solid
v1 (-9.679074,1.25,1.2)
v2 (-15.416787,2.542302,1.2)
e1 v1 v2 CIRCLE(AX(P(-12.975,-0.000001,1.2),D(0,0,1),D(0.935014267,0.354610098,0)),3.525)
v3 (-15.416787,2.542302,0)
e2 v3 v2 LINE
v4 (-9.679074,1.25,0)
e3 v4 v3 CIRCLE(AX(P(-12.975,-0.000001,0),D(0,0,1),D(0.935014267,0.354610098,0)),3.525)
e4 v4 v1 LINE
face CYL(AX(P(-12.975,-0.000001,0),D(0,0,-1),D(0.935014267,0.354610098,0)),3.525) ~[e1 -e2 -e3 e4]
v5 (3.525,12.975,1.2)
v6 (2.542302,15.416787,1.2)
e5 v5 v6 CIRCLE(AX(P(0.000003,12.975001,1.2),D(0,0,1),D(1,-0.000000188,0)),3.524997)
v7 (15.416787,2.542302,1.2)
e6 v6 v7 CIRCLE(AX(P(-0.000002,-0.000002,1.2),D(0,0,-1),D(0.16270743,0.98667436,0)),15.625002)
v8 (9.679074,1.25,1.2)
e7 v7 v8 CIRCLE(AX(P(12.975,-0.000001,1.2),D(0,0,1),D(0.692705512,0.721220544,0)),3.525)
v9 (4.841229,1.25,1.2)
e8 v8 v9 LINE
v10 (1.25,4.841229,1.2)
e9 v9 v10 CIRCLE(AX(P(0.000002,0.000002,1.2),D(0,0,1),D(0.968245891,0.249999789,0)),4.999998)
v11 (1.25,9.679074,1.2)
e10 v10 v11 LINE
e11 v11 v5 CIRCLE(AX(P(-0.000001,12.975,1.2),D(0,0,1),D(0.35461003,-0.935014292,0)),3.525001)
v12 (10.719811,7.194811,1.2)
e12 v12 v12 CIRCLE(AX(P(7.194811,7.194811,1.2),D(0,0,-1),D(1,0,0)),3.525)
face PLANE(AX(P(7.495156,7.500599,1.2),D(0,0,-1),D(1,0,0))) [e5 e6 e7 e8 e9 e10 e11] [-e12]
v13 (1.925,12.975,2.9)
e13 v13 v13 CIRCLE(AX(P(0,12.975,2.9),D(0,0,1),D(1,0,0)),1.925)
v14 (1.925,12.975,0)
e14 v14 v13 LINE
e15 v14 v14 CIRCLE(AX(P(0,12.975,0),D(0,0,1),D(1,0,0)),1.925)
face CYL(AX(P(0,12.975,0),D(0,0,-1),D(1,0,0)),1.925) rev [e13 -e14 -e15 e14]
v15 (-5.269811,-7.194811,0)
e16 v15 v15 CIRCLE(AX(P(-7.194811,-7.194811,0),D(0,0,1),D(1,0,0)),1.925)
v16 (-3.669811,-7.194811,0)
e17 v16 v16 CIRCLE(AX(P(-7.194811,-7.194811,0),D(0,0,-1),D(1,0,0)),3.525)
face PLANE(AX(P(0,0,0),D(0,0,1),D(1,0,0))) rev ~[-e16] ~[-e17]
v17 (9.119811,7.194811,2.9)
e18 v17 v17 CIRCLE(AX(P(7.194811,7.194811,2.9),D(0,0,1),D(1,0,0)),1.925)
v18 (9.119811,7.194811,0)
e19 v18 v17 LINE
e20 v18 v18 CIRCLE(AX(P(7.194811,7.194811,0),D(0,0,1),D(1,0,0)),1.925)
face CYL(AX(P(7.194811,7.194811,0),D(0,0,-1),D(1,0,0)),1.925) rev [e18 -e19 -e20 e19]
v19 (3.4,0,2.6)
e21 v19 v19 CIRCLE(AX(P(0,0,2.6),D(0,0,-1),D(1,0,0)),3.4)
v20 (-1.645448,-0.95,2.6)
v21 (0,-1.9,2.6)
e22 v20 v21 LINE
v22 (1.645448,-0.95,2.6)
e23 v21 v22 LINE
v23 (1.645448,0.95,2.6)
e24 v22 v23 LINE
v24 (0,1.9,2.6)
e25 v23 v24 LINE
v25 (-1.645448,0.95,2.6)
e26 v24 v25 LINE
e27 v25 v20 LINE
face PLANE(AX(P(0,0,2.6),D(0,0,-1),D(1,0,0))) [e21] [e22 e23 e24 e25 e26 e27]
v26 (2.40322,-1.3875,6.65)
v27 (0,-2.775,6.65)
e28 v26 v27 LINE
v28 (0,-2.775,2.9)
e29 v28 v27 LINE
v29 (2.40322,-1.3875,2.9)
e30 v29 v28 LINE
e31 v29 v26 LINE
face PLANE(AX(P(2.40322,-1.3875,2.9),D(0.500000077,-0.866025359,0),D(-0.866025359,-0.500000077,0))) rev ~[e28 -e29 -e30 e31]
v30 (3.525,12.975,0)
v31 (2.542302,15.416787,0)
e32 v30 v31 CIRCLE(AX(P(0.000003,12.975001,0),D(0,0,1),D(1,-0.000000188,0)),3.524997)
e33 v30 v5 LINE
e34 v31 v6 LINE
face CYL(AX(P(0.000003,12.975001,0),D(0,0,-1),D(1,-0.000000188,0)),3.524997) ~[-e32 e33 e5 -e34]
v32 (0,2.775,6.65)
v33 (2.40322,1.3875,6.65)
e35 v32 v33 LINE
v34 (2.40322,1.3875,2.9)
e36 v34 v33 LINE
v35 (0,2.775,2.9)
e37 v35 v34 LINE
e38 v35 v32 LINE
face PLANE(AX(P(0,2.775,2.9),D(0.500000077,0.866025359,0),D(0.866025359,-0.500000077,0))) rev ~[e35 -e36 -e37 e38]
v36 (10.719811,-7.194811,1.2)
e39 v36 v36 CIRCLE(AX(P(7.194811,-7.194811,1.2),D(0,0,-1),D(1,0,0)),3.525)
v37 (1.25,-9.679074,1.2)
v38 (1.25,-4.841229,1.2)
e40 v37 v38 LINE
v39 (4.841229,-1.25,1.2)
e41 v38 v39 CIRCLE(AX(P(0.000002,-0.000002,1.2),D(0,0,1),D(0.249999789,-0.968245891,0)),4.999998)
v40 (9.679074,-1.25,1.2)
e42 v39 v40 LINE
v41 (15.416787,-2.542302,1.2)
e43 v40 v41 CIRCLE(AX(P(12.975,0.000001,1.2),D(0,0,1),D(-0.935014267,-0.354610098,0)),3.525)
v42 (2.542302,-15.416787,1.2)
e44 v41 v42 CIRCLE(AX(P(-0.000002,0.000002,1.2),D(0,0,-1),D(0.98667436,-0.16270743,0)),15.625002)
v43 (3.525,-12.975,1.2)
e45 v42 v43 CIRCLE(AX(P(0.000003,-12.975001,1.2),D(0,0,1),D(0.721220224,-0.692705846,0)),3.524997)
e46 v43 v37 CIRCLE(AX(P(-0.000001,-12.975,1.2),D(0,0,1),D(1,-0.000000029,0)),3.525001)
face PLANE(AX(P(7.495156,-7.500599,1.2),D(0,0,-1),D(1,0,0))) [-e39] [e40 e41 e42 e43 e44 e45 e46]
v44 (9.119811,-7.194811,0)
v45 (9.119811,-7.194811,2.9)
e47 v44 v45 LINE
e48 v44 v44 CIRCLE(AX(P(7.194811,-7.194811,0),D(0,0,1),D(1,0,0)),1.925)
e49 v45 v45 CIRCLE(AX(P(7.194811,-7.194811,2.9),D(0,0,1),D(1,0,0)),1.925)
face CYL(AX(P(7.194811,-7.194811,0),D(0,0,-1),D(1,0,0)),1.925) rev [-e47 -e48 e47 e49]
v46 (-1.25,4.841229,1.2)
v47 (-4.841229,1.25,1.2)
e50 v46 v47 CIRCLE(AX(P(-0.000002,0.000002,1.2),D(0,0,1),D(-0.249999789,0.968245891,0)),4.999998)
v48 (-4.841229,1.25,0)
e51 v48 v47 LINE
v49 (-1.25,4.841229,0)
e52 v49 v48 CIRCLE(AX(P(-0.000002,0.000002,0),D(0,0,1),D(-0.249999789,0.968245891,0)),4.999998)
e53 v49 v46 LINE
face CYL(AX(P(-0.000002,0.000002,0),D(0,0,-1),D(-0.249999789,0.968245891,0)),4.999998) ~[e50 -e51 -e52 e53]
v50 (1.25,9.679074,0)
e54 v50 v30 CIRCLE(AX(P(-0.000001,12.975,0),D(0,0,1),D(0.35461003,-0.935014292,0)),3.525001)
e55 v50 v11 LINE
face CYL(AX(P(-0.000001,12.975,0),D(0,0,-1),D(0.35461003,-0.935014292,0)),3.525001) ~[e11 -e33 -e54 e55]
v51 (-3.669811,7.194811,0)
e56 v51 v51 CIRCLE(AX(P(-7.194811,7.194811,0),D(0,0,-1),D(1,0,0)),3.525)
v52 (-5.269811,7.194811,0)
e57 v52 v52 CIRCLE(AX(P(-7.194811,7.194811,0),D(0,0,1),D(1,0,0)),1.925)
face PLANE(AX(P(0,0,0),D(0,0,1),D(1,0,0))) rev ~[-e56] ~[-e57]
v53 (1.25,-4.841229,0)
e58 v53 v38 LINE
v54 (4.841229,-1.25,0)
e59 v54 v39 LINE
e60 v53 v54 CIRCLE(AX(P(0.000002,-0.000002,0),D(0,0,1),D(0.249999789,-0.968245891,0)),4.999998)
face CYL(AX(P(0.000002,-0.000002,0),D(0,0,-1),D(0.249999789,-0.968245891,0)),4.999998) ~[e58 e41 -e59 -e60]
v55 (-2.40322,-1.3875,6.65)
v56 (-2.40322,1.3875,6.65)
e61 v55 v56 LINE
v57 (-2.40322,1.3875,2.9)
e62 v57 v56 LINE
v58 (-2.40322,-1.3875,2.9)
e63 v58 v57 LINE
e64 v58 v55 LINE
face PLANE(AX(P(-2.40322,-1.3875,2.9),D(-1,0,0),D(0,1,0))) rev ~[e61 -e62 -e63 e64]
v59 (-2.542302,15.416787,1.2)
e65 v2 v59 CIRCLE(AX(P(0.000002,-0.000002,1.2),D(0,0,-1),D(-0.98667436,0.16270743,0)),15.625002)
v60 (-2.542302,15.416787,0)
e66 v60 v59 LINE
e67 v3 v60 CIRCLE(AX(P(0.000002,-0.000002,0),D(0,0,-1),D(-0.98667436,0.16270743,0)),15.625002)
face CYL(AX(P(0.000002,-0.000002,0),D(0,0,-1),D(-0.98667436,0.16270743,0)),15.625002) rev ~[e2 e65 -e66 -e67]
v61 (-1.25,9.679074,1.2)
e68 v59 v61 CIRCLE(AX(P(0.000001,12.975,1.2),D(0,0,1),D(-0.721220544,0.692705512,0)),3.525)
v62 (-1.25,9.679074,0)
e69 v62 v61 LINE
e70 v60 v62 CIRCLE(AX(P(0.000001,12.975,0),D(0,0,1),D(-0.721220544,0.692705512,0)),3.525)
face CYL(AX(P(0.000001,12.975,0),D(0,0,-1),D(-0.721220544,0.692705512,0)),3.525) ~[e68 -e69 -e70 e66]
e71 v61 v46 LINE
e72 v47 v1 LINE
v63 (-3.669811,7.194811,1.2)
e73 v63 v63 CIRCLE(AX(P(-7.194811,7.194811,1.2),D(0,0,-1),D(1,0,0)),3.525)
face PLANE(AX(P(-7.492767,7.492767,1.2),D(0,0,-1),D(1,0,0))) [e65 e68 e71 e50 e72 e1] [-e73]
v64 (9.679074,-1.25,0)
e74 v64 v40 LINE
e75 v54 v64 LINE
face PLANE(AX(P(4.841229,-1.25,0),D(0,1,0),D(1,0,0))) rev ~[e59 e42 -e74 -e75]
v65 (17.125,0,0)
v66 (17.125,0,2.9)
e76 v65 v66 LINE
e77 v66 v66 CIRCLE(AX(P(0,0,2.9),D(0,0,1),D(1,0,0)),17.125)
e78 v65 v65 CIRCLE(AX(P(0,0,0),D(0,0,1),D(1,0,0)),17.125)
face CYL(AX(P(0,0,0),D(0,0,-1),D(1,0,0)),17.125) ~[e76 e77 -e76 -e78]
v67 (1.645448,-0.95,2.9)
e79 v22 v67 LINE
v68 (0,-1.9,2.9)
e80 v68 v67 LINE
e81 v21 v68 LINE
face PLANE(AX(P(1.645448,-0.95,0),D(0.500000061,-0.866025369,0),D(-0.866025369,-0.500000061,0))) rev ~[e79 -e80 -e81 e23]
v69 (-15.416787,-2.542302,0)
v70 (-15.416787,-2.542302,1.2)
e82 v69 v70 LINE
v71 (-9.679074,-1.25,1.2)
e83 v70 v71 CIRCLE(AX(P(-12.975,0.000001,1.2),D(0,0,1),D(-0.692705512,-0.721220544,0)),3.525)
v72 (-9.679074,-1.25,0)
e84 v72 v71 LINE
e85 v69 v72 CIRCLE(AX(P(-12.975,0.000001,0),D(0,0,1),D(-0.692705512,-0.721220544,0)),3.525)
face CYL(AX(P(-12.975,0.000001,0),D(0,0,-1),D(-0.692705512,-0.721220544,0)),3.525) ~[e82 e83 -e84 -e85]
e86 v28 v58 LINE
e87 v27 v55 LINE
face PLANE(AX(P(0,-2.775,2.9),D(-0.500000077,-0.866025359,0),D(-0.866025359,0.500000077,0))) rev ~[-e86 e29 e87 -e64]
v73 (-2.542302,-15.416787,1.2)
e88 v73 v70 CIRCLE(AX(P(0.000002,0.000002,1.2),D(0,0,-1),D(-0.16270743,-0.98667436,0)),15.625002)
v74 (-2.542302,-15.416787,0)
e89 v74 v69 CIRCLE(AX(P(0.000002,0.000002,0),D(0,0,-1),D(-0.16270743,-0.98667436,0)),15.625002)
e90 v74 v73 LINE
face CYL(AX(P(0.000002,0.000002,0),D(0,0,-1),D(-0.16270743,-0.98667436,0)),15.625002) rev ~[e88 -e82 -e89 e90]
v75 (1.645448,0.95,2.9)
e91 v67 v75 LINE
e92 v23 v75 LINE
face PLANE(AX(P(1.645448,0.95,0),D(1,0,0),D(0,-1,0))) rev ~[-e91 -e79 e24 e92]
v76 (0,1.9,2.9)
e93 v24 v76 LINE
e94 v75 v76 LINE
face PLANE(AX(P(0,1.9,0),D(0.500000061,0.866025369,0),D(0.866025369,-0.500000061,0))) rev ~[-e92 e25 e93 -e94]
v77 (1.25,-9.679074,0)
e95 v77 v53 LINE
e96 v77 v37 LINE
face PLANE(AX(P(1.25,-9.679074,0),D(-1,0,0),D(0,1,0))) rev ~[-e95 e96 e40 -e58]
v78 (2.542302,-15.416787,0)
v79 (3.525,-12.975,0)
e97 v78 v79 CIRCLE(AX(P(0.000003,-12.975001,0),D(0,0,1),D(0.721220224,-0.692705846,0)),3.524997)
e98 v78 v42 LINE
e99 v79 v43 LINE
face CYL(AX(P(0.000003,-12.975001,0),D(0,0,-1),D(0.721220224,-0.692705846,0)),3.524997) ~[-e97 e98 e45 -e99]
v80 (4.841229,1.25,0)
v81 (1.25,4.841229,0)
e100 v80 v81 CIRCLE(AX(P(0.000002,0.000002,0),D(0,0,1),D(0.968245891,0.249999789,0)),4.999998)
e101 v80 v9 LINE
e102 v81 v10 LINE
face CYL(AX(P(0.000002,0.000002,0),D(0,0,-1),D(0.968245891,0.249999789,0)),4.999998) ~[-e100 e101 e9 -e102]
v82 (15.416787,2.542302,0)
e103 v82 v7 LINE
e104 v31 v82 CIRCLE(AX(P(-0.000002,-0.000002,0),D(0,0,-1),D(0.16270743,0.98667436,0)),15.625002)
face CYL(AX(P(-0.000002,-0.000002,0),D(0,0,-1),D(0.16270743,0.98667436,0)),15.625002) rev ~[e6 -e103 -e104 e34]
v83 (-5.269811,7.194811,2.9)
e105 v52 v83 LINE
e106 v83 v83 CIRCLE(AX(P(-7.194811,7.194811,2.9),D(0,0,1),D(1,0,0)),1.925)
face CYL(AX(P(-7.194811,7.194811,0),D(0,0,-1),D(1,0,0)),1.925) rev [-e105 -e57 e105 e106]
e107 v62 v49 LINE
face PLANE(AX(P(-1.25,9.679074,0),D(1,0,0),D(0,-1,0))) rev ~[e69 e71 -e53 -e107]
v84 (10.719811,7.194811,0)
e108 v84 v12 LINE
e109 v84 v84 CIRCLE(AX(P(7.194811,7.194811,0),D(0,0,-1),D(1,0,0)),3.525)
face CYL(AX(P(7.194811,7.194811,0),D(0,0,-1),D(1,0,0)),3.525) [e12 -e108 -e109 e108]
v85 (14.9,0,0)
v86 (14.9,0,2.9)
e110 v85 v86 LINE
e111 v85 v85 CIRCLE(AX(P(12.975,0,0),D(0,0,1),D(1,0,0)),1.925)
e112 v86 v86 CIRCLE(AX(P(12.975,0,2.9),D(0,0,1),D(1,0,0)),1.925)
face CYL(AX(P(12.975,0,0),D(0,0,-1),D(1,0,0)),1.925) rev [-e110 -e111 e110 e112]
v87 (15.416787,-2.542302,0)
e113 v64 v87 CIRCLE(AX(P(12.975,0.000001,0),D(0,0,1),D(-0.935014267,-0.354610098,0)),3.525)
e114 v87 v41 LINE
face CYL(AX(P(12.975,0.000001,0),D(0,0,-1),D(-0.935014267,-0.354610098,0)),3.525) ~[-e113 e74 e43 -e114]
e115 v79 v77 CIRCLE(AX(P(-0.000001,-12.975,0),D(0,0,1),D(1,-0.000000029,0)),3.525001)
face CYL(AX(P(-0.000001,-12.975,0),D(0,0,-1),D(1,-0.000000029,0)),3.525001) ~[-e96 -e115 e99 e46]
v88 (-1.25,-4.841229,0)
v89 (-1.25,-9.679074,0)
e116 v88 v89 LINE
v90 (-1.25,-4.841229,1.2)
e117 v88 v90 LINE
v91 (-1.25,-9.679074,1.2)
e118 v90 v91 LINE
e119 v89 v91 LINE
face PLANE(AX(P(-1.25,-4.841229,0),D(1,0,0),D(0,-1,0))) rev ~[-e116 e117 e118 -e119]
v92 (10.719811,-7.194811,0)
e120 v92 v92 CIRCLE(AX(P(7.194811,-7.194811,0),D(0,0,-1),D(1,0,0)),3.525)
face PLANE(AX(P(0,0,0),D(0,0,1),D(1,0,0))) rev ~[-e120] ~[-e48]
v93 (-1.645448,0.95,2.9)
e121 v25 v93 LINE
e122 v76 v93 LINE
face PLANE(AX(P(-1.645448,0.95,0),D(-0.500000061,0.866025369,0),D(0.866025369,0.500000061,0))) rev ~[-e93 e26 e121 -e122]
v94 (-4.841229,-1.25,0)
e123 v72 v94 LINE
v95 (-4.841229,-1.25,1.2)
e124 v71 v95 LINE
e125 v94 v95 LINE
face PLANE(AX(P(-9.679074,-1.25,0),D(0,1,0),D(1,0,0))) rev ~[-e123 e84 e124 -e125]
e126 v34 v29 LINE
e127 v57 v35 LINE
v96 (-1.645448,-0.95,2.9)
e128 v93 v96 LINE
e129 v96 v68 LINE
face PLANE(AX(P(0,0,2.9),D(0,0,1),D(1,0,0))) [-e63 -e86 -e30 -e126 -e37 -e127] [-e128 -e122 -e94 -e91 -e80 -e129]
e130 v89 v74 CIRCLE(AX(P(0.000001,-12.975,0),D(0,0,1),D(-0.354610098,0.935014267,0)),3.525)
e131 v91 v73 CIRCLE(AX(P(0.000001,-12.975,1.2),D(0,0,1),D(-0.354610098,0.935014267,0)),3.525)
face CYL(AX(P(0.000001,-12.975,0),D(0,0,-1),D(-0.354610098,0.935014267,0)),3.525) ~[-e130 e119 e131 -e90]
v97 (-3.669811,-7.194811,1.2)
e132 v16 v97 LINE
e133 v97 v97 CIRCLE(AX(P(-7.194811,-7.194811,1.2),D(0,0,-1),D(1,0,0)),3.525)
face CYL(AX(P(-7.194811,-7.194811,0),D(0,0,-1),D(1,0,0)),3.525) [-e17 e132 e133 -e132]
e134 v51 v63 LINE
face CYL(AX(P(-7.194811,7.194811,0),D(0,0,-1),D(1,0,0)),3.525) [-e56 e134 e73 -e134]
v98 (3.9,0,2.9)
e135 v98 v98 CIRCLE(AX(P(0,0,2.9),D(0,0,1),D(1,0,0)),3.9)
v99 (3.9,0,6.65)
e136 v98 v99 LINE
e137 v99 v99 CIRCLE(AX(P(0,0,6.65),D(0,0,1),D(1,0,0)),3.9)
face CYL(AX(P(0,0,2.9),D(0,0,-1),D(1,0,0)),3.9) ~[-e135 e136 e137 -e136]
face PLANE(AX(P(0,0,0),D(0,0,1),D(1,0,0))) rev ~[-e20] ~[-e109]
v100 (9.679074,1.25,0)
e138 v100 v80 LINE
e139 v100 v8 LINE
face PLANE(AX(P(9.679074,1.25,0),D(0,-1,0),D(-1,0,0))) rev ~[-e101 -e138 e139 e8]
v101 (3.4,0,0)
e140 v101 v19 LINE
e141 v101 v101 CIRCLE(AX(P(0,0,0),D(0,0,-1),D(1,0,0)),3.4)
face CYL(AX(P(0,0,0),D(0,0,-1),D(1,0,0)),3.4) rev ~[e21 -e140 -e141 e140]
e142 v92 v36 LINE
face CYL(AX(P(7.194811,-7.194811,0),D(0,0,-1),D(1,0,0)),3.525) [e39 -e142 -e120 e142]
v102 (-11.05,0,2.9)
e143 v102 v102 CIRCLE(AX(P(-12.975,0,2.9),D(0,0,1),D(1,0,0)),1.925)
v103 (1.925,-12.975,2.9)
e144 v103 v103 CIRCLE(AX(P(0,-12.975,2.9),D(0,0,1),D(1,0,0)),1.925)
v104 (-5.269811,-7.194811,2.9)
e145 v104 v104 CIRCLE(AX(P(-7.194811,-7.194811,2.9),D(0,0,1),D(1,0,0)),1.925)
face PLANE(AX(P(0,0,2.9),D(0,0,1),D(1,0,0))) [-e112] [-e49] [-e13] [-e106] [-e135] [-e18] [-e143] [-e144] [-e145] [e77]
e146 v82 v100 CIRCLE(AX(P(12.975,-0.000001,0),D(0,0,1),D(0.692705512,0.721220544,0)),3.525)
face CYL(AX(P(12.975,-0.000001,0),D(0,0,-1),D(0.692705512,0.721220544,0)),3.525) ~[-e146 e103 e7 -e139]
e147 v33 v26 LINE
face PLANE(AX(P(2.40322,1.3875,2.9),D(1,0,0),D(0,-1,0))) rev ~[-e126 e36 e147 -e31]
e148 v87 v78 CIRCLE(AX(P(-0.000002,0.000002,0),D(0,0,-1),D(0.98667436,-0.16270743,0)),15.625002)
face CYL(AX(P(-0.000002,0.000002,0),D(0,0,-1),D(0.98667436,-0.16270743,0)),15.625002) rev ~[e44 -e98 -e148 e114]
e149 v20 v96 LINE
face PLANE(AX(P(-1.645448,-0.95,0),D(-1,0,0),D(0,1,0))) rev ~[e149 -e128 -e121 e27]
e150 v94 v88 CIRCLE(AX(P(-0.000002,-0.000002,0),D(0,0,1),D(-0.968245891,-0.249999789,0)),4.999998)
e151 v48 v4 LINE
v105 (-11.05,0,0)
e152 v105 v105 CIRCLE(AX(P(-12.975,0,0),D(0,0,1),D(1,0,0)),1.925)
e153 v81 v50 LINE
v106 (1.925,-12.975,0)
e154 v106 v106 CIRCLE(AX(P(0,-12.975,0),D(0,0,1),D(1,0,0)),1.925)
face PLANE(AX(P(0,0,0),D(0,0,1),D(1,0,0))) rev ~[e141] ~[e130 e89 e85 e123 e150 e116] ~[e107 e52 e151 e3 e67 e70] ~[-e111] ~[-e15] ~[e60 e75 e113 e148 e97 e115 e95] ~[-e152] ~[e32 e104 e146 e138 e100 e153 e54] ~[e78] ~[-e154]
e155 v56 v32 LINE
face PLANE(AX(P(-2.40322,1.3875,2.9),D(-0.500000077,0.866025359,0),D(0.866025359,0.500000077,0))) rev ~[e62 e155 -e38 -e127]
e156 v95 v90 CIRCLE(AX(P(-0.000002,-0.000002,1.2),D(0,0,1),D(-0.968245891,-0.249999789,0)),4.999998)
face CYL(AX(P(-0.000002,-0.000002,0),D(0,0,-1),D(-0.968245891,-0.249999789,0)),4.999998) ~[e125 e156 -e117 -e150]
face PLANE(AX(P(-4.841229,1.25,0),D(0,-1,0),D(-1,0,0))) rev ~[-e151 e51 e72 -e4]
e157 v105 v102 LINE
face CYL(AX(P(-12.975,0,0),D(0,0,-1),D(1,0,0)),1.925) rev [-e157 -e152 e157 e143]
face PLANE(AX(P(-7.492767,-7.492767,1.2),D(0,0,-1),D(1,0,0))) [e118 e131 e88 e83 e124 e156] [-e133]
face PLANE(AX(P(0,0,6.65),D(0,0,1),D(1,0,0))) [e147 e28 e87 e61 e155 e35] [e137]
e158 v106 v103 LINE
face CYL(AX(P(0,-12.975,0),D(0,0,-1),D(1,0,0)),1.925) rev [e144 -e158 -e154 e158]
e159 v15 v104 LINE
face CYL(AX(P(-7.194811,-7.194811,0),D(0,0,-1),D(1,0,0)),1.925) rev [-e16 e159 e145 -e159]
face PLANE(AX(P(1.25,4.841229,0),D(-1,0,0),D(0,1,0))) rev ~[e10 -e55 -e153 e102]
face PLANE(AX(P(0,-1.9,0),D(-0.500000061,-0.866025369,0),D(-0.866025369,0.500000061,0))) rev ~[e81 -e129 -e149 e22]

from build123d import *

# Parameters (mm, degrees)
F0_R     = 17.125
F0_R_2   = 1.925
F1_DEPTH = 2.9
F2_R     = 3.9
F3_DEPTH = 3.75
F4_R     = 3.525
F5_DEPTH = 1.2
F4_R_2   = 3.4
F6_DEPTH = 2.6
F7_DEPTH = 25


with BuildPart() as f1:
    # F0 (on Top) → F1 (new body)
    with BuildSketch(Plane.XY):
        Circle(F0_R)
        with Locations((-7.194811, -7.194811)):
            Circle(F0_R_2, mode=Mode.SUBTRACT)
        with Locations((0, -12.975)):
            Circle(F0_R_2, mode=Mode.SUBTRACT)
        with Locations((7.194811, -7.194811)):
            Circle(F0_R_2, mode=Mode.SUBTRACT)
        with Locations((-12.975, 0)):
            Circle(F0_R_2, mode=Mode.SUBTRACT)
        with Locations((-7.194811, 7.194811)):
            Circle(F0_R_2, mode=Mode.SUBTRACT)
        with Locations((7.194811, 7.194811)):
            Circle(F0_R_2, mode=Mode.SUBTRACT)
        with Locations((12.975, 0)):
            Circle(F0_R_2, mode=Mode.SUBTRACT)
        with Locations((0, 12.975)):
            Circle(F0_R_2, mode=Mode.SUBTRACT)
    extrude(amount=F1_DEPTH)

    # F2 (on face) → F3 (join)
    with BuildSketch(Plane.XY.offset(2.9)):
        Circle(F2_R)
        Polygon((0, 2.775), (2.40322, 1.3875), (2.40322, -1.3875), (0, -2.775), (-2.40322, -1.3875), (-2.40322, 1.3875), align=None, mode=Mode.SUBTRACT)
    extrude(amount=F3_DEPTH)

    # F4 (on face) → F5 (cut)
    with BuildSketch(Plane(origin=(0, 0, 0), x_dir=(1, 0, 0), z_dir=(0, 0, -1))):
        with BuildLine():
            ThreePointArc((2.542302, -15.416787), (11.048543, -11.048543), (15.416787, -2.542302))
            ThreePointArc((15.416787, -2.542302), (12.200468, -3.438855), (9.679074, -1.25))
            Line((9.679074, -1.25), (4.841229, -1.25))
            ThreePointArc((4.841229, -1.25), (3.535534, -3.535534), (1.25, -4.841229))
            Line((1.25, -4.841229), (1.25, -9.679074))
            ThreePointArc((1.25, -9.679074), (2.901024, -10.97258), (3.525, -12.975))
            ThreePointArc((3.525, -12.975), (3.27011, -14.291057), (2.542302, -15.416787))
        make_face()
        with Locations((7.194811, -7.194811)):
            Circle(F4_R, mode=Mode.SUBTRACT)
        with BuildLine():
            ThreePointArc((9.679074, 1.25), (12.200468, 3.438855), (15.416787, 2.542302))
            ThreePointArc((15.416787, 2.542302), (11.048543, 11.048543), (2.542302, 15.416787))
            ThreePointArc((2.542302, 15.416787), (3.27011, 14.291057), (3.525, 12.975))
            ThreePointArc((3.525, 12.975), (2.901024, 10.97258), (1.25, 9.679074))
            Line((1.25, 9.679074), (1.25, 4.841229))
            ThreePointArc((1.25, 4.841229), (3.535534, 3.535534), (4.841229, 1.25))
            Line((4.841229, 1.25), (9.679074, 1.25))
        make_face()
        with Locations((7.194811, 7.194811)):
            Circle(F4_R, mode=Mode.SUBTRACT)
        with BuildLine():
            ThreePointArc((-1.25, 9.679074), (-3.438855, 12.200468), (-2.542302, 15.416787))
            ThreePointArc((-2.542302, 15.416787), (-11.048543, 11.048543), (-15.416787, 2.542302))
            ThreePointArc((-15.416787, 2.542302), (-12.200468, 3.438855), (-9.679074, 1.25))
            Line((-9.679074, 1.25), (-4.841229, 1.25))
            ThreePointArc((-4.841229, 1.25), (-3.535534, 3.535534), (-1.25, 4.841229))
            Line((-1.25, 4.841229), (-1.25, 9.679074))
        make_face()
        with Locations((-7.194811, 7.194811)):
            Circle(F4_R, mode=Mode.SUBTRACT)
        with BuildLine():
            ThreePointArc((-15.416787, -2.542302), (-11.048543, -11.048543), (-2.542302, -15.416787))
            ThreePointArc((-2.542302, -15.416787), (-3.438855, -12.200468), (-1.25, -9.679074))
            Line((-1.25, -9.679074), (-1.25, -4.841229))
            ThreePointArc((-1.25, -4.841229), (-3.535534, -3.535534), (-4.841229, -1.25))
            Line((-4.841229, -1.25), (-9.679074, -1.25))
            ThreePointArc((-9.679074, -1.25), (-12.200468, -3.438855), (-15.416787, -2.542302))
        make_face()
        with Locations((-7.194811, -7.194811)):
            Circle(F4_R, mode=Mode.SUBTRACT)
    extrude(amount=-F5_DEPTH, mode=Mode.SUBTRACT)

    # F4 (on face) → F6 (cut)
    with BuildSketch(Plane(origin=(0, 0, 0), x_dir=(1, 0, 0), z_dir=(0, 0, -1))):
        Circle(F4_R_2)
        Polygon((0, 1.9), (1.645448, 0.95), (1.645448, -0.95), (0, -1.9), (-1.645448, -0.95), (-1.645448, 0.95), align=None, mode=Mode.SUBTRACT)
    extrude(amount=-F6_DEPTH, mode=Mode.SUBTRACT)

    # F4 (on face) → F7 (cut)
    with BuildSketch(Plane(origin=(0, 0, 0), x_dir=(1, 0, 0), z_dir=(0, 0, -1))):
        Polygon((1.645448, -0.95), (1.645448, 0.95), (0, 1.9), (-1.645448, 0.95), (-1.645448, -0.95), (0, -1.9), align=None)
    extrude(amount=-F7_DEPTH, mode=Mode.SUBTRACT)


solid = f1.part
